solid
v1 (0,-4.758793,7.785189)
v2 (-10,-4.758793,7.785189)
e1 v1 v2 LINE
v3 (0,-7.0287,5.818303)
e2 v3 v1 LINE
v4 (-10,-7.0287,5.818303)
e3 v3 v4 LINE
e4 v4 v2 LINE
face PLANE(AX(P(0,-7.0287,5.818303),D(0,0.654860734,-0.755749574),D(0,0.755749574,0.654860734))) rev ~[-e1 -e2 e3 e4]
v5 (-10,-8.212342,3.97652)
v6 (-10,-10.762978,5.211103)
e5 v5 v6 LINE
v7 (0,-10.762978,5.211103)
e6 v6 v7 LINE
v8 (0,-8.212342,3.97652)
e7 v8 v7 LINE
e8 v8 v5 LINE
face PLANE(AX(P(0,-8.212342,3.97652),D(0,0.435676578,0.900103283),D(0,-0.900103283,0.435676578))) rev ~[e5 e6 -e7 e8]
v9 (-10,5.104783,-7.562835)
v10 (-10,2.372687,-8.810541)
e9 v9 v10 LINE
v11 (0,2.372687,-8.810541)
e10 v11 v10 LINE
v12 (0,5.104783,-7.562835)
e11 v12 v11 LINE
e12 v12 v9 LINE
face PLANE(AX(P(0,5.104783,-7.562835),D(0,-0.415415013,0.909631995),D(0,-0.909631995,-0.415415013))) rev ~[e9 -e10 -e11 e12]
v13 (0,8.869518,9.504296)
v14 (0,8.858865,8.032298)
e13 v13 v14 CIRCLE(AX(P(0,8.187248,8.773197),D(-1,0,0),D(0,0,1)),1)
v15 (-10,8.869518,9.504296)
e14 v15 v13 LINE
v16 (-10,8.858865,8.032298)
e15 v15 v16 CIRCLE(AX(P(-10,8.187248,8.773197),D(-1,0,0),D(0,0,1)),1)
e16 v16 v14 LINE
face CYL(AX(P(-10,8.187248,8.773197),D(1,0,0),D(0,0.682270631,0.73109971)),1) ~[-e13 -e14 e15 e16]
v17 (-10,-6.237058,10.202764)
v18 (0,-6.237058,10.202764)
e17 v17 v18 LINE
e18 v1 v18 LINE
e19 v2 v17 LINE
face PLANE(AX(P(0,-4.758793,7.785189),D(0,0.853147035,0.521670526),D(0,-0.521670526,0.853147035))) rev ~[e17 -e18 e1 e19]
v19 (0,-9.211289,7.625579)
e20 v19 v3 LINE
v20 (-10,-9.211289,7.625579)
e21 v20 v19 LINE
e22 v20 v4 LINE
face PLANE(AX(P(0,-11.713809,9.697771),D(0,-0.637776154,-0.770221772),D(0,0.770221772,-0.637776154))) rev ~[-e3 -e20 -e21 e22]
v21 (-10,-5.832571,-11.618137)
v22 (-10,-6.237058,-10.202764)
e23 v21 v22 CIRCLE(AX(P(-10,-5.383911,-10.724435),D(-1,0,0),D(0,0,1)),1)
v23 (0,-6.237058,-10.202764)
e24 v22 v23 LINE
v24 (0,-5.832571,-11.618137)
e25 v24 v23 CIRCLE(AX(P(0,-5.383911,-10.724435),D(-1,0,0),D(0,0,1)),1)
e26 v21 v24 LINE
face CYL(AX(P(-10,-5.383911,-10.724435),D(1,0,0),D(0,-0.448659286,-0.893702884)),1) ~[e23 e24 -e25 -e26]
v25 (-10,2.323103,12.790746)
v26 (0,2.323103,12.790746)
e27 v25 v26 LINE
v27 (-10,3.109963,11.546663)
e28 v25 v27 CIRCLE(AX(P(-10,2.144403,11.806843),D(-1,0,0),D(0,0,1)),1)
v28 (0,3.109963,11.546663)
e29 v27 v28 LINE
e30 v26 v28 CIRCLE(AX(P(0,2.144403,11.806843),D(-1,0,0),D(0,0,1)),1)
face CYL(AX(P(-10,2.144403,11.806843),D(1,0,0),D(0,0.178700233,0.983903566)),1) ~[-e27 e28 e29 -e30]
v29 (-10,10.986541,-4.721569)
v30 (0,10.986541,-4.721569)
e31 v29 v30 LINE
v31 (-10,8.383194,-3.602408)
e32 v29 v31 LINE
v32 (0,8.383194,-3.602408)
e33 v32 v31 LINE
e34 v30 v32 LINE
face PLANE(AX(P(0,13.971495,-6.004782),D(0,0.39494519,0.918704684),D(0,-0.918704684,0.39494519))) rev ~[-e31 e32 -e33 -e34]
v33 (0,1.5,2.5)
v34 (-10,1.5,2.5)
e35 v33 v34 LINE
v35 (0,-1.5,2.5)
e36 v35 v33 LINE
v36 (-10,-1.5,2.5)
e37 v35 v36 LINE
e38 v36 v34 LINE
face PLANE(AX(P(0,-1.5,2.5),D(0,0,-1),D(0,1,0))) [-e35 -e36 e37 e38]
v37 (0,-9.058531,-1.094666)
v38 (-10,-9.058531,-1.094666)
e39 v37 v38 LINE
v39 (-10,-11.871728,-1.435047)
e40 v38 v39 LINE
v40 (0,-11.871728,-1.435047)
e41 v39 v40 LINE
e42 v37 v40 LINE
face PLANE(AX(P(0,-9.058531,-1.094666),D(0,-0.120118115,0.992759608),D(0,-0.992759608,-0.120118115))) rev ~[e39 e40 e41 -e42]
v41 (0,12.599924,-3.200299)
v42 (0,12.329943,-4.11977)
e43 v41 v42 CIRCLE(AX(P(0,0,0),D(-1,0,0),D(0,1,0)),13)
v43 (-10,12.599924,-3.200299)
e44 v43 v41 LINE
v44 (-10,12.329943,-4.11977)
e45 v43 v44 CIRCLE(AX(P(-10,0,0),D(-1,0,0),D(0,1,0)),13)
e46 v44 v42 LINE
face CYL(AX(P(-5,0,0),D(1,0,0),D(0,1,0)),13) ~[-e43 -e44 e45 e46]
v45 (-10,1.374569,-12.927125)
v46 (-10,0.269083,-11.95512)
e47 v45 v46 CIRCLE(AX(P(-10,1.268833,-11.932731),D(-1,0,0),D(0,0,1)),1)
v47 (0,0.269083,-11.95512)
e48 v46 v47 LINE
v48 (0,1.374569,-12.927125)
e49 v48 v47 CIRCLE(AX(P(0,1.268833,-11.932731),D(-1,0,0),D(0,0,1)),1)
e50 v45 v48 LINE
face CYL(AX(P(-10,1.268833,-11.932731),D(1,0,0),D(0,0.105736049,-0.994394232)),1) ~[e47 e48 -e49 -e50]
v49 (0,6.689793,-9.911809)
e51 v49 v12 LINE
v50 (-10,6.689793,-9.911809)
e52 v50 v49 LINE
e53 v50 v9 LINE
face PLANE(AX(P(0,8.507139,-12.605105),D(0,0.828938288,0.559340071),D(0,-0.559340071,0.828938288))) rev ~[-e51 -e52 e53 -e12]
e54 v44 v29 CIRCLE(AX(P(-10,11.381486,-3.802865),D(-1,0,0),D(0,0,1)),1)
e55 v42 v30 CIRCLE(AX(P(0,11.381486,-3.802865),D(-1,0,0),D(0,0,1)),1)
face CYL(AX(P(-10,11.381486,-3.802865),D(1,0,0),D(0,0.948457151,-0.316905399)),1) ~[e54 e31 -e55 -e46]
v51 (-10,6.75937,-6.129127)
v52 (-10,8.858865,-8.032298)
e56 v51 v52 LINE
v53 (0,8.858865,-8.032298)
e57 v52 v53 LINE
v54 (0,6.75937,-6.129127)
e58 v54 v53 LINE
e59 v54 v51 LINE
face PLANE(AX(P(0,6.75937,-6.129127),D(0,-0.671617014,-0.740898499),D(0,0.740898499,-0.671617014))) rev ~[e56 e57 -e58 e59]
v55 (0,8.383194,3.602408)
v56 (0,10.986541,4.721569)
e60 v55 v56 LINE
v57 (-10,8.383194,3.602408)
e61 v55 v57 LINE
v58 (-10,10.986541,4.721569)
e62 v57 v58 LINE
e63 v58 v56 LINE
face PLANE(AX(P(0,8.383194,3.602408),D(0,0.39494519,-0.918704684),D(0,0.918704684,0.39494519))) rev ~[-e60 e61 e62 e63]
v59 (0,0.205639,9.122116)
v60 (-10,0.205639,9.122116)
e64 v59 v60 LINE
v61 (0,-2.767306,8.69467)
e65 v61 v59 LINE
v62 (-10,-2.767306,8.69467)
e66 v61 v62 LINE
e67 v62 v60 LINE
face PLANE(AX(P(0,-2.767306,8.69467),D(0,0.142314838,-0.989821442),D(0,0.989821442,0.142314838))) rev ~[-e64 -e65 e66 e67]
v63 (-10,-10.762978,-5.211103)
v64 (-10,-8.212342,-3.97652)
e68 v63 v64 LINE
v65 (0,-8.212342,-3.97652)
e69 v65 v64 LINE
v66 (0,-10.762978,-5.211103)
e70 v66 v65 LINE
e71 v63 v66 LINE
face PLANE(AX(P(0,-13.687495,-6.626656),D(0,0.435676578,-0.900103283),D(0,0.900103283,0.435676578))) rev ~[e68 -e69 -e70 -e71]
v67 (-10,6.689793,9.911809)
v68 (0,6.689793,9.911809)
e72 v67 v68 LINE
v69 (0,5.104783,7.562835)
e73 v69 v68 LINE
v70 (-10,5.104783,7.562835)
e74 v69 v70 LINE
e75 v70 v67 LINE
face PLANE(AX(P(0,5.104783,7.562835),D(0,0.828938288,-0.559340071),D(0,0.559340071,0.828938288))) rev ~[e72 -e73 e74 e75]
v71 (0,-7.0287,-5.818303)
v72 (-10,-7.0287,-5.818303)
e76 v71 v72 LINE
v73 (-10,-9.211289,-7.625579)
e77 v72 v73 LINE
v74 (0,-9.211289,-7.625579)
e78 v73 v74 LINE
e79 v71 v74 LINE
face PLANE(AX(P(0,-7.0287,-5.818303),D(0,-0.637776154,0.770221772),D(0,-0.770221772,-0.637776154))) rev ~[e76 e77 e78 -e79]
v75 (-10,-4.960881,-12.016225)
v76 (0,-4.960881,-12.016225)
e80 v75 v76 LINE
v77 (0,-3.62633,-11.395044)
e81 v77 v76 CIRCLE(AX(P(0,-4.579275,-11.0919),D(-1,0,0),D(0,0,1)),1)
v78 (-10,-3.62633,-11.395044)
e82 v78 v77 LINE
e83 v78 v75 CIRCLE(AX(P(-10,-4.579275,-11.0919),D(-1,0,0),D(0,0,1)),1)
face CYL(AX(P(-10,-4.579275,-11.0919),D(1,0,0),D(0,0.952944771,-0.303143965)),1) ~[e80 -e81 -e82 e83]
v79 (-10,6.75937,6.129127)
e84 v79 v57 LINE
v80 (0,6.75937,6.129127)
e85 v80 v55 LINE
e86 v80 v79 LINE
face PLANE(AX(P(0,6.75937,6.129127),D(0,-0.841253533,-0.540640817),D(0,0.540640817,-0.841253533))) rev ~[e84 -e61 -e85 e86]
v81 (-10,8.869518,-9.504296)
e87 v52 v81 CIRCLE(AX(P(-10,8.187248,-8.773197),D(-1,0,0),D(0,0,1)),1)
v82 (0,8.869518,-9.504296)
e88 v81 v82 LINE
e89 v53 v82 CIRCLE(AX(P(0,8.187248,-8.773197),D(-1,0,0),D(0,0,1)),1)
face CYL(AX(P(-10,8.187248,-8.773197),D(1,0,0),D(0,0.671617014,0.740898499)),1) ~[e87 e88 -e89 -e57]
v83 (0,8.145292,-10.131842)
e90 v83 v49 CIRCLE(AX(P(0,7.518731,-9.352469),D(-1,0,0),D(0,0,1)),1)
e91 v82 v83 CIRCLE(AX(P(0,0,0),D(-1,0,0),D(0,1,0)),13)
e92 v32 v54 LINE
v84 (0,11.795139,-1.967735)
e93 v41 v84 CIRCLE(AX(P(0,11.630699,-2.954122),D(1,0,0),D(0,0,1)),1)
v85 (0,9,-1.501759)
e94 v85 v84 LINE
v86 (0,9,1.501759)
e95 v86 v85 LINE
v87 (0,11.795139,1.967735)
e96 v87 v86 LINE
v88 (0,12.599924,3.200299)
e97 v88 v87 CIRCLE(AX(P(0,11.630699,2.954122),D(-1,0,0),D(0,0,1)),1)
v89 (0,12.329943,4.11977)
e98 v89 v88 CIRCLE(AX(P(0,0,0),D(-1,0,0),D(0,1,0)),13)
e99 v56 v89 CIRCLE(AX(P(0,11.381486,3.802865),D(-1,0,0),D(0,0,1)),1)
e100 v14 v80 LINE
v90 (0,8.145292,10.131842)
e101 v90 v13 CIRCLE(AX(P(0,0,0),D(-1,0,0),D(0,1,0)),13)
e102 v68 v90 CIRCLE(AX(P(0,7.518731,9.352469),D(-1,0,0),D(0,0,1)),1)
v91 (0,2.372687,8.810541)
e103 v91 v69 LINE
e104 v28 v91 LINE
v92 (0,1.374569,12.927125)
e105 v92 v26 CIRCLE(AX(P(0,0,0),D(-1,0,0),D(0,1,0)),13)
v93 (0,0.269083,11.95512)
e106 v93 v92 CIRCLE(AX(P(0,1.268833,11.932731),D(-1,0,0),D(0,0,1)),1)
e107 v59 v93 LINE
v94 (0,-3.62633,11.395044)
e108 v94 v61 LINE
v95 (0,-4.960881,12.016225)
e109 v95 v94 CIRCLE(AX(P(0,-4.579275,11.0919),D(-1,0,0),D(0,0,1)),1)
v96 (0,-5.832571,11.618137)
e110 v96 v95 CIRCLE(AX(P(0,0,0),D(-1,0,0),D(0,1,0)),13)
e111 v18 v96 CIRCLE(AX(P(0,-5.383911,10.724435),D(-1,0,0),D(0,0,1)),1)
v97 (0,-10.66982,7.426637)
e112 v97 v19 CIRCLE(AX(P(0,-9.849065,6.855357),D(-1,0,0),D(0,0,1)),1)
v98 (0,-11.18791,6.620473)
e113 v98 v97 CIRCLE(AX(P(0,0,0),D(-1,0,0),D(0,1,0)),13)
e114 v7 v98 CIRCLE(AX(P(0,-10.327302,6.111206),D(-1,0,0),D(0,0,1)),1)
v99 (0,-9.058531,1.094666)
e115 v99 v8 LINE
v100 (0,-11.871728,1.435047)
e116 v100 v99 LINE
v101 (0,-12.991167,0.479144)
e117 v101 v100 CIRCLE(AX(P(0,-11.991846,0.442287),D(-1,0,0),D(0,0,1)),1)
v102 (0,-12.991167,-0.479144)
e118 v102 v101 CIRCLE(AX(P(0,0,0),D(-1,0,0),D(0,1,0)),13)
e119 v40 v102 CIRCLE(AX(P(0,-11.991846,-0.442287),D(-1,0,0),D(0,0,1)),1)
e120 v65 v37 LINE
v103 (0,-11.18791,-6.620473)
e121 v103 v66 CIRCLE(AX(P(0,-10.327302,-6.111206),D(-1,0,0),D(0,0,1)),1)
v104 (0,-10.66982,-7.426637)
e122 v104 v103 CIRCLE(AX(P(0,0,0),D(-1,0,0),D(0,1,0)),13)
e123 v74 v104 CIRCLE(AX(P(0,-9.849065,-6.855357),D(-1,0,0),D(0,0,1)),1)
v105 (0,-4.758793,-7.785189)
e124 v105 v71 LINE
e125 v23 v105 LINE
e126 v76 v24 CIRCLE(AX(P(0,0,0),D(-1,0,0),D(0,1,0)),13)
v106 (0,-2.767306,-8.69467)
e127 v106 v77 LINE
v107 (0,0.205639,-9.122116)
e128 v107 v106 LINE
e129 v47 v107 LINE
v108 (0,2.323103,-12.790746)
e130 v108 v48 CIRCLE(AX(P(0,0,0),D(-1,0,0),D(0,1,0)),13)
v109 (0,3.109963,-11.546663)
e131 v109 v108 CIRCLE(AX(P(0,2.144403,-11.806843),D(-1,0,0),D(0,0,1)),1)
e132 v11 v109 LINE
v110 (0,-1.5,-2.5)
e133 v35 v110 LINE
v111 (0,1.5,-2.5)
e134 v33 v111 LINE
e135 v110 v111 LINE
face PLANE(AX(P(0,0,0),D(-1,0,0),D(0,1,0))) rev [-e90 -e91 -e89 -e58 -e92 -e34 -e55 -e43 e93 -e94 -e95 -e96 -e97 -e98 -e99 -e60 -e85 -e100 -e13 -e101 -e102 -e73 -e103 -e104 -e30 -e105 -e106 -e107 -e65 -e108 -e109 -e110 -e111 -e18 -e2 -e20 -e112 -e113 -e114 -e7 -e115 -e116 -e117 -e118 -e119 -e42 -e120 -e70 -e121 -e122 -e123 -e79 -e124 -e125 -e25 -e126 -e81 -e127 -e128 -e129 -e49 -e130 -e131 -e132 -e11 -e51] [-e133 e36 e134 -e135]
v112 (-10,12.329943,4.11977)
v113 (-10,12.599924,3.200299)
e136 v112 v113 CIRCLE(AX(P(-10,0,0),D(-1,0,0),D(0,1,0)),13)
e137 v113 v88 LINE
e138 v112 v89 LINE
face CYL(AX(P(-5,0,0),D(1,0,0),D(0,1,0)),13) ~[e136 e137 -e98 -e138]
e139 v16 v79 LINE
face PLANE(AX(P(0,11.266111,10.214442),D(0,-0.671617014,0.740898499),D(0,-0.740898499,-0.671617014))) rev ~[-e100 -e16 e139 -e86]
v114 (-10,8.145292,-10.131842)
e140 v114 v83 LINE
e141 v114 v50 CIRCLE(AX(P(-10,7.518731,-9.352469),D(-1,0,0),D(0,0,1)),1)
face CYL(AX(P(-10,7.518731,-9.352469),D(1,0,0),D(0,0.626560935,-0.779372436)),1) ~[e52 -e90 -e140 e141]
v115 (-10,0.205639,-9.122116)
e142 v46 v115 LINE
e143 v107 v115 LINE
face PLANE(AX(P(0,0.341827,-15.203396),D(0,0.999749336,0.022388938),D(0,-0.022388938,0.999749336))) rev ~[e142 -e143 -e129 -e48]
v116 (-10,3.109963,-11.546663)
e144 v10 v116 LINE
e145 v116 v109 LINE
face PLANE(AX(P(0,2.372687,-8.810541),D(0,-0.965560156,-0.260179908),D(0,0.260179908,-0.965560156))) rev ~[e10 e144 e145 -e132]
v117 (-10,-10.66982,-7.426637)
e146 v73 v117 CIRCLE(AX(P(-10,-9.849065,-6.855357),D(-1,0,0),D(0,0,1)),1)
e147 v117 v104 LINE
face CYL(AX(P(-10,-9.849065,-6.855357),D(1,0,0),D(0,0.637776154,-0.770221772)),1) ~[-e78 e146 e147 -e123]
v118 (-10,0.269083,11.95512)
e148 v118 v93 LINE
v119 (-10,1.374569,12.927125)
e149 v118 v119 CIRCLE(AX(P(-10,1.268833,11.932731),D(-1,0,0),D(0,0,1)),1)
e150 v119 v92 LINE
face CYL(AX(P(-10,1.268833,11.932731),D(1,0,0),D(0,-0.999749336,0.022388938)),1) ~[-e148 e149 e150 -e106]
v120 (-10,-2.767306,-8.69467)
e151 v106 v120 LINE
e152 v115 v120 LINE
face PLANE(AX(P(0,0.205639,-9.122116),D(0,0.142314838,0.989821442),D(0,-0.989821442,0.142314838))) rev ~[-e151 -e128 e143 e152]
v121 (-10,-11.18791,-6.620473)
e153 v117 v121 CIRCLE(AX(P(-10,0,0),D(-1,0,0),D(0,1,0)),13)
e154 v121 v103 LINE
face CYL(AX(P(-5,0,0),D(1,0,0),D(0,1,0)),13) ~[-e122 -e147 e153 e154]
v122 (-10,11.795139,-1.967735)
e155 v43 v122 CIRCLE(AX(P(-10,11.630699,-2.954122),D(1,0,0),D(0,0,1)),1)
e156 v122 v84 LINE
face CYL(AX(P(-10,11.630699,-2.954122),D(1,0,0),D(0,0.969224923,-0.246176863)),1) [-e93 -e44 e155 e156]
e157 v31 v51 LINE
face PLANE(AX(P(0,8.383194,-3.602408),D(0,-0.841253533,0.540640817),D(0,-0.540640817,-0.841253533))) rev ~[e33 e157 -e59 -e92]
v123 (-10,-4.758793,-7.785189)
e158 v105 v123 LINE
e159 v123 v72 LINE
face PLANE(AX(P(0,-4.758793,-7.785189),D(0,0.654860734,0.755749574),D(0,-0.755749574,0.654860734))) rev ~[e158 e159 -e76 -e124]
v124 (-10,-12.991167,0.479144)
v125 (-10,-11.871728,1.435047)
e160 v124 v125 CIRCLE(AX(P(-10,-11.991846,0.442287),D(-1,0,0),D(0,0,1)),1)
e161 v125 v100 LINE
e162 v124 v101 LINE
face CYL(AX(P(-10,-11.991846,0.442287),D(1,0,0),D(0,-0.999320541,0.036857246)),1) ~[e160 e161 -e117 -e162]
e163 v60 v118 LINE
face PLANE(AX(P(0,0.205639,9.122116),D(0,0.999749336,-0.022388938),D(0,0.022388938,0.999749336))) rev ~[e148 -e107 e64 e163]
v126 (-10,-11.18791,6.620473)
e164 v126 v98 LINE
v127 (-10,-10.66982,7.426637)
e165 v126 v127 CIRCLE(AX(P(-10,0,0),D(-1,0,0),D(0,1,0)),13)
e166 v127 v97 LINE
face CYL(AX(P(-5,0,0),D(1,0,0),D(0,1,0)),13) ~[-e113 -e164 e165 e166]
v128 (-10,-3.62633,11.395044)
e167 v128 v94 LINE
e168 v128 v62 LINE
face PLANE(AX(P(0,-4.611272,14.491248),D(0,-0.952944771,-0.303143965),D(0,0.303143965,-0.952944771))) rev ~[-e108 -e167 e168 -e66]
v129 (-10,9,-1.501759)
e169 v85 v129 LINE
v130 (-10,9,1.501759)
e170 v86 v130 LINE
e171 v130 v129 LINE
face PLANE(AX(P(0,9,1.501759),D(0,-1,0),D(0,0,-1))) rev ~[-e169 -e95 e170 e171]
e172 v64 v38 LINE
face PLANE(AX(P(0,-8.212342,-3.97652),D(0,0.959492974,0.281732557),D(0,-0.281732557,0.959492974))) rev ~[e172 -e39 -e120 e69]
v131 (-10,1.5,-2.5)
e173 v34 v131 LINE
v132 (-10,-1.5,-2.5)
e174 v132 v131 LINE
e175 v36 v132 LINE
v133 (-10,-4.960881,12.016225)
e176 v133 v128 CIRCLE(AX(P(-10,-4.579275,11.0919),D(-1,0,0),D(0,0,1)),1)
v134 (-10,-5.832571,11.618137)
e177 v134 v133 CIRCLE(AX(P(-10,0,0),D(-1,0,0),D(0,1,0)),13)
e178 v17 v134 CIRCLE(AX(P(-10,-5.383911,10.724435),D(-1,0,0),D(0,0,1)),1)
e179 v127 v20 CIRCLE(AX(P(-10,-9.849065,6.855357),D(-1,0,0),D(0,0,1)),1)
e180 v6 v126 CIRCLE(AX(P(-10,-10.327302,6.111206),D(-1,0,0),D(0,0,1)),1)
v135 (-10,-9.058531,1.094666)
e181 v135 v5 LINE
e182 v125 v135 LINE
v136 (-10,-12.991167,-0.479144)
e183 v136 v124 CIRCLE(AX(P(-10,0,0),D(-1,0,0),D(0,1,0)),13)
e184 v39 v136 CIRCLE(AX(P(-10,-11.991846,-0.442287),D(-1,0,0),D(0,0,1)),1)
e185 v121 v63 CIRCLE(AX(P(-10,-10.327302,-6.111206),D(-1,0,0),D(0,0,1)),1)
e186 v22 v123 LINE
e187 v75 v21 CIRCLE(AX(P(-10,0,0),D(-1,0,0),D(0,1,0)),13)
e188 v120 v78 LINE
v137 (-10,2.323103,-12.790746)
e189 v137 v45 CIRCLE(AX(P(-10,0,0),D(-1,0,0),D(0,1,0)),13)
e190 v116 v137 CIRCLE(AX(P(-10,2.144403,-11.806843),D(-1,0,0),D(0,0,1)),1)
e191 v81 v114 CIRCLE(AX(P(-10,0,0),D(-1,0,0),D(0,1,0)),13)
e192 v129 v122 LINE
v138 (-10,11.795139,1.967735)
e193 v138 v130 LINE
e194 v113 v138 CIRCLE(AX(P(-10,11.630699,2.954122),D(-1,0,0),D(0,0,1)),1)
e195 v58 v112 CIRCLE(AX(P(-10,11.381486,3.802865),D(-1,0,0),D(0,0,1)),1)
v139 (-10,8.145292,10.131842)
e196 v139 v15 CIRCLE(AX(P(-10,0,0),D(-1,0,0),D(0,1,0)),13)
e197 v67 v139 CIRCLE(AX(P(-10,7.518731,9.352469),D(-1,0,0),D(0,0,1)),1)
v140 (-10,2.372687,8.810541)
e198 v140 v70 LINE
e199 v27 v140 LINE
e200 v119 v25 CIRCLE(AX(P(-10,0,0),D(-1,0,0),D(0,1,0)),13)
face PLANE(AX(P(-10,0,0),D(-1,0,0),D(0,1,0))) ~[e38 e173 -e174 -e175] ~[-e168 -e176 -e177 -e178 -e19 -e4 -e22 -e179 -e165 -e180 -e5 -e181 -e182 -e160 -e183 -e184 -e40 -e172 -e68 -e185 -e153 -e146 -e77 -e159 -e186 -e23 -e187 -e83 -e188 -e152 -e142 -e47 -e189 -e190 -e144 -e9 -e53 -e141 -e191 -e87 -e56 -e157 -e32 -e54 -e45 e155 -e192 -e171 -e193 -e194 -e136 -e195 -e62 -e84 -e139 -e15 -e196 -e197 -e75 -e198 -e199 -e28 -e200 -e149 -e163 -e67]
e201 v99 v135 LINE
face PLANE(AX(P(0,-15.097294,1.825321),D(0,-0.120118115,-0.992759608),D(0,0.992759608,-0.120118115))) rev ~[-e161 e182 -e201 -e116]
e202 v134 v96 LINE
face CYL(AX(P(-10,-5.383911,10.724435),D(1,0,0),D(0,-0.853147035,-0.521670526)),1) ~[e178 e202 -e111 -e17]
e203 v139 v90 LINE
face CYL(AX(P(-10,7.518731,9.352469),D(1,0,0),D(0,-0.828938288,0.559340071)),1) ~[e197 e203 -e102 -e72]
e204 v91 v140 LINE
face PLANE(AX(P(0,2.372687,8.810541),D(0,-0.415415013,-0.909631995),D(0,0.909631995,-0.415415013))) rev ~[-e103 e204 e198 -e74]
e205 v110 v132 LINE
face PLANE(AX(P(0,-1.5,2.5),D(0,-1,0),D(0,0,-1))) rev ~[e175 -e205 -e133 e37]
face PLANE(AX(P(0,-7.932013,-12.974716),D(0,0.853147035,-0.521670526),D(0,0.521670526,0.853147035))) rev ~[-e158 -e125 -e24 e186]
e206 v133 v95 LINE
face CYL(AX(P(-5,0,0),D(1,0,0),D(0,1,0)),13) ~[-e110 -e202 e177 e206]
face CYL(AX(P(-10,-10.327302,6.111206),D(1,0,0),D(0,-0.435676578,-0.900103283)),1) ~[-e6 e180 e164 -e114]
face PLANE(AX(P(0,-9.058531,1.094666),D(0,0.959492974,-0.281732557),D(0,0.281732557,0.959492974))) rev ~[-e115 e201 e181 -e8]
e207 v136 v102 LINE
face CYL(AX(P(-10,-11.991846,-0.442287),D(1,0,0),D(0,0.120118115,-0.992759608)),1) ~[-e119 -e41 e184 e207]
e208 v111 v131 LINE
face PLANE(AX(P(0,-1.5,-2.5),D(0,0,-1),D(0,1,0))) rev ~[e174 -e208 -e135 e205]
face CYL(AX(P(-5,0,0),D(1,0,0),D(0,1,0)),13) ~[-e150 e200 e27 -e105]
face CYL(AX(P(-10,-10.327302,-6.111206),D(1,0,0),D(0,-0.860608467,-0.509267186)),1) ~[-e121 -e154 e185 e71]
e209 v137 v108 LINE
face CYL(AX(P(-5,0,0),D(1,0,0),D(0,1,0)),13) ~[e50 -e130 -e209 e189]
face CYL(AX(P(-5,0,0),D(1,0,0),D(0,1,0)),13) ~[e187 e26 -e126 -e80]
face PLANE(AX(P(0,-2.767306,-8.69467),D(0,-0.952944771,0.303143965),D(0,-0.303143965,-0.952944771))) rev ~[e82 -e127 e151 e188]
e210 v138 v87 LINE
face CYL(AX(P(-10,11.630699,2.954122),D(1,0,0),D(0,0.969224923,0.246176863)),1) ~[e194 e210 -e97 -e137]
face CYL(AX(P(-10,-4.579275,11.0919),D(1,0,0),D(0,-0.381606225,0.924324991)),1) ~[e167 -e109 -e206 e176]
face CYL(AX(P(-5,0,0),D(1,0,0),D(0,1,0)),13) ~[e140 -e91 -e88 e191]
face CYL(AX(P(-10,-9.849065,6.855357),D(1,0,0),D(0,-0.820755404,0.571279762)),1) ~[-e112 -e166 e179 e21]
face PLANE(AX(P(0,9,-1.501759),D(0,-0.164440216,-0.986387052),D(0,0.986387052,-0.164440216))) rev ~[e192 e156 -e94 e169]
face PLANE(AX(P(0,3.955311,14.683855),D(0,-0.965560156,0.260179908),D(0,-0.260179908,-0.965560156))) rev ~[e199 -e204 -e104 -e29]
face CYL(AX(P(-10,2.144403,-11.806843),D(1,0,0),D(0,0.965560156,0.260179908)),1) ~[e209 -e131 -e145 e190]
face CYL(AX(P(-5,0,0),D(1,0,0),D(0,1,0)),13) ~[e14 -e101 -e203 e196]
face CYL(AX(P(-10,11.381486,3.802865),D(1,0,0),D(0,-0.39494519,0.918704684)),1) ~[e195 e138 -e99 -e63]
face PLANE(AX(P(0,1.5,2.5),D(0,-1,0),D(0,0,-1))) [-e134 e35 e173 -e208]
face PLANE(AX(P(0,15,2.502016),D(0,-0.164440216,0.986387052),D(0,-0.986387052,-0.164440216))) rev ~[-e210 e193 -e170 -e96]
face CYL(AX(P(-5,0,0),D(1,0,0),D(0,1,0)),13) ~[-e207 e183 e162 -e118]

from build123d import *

# Parameters (mm, degrees)
SKETCH1_W                = 10
SKETCH1_H                = 13
CUT_EXTRUDE1_DEPTH       = 10
SKETCH7_W                = 5
SKETCH7_H                = 3
CUT_EXTRUDE2_DEPTH       = 10
FILLET1_R                = 1
CIRPATTERN1_COUNT        = 11
FILLET1_OF_CIRPATTERN1_R = 1


with BuildPart() as part:
    # Sketch1 → Revolve1 (revolve)
    with BuildSketch(Plane.XY):
        with Locations((-5, 6.5)):
            Rectangle(SKETCH1_W, SKETCH1_H)
    revolve(axis=Axis((-10, 0, 0), (-1, 0, 0)))

    # Sketch6 → Cut-Extrude1 (cut)
    with BuildSketch(Plane(origin=(0, 0, 0), x_dir=(0, 0, -1), z_dir=(1, 0, 0))):
        Polygon((-1.501758676, 9), (1.501758676, 9), (2.502016427, 15), (-2.502016427, 15), align=None)
    cut_extrude1 = extrude(amount=-CUT_EXTRUDE1_DEPTH, mode=Mode.SUBTRACT)

    # Sketch7 → Cut-Extrude2 (cut)
    with BuildSketch(Plane(origin=(0, 0, 0), x_dir=(0, 0, -1), z_dir=(1, 0, 0))):
        Rectangle(SKETCH7_W, SKETCH7_H)
    extrude(amount=-CUT_EXTRUDE2_DEPTH, mode=Mode.SUBTRACT)

    # Fillet1
    fillet1_edges = [part.edges().sort_by_distance(p)[0] for p in [
        (-5, 12.822809052, 2.13905774),
        (-5, 12.822809052, -2.13905774),
    ]]
    fillet(fillet1_edges, radius=FILLET1_R)

    # CirPattern1: Cut-Extrude1 ×11 about axis
    cirpattern1_axis = Axis((0, 0, 0), (1, 0, 0))
    for i in range(1, CIRPATTERN1_COUNT):
        add(cut_extrude1.rotate(cirpattern1_axis, i * 360 / CIRPATTERN1_COUNT), mode=Mode.SUBTRACT)

    # Fillet1 of CirPattern1
    fillet1_of_cirpattern1_edges = [part.edges().sort_by_distance(p)[0] for p in [
        (-5, 9.630771491, 8.732023849),
        (-5, 11.943695341, 5.133044087),
        (-5, 3.381032029, 12.552634083),
        (-5, 7.27254275, 10.775440685),
        (-5, -3.942161213, 12.387871688),
        (-5, 0.29240922, 12.996711001),
        (-5, -10.013746124, 8.290047561),
        (-5, -6.78056217, 11.091617405),
        (-5, -12.906037394, 1.560191908),
        (-5, -11.700752981, 5.665013652),
        (-5, -11.700752981, -5.665013652),
        (-5, -12.906037394, -1.560191908),
        (-5, -6.78056217, -11.091617405),
        (-5, -10.013746124, -8.290047561),
        (-5, 0.29240922, -12.996711001),
        (-5, -3.942161213, -12.387871688),
        (-5, 7.27254275, -10.775440685),
        (-5, 3.381032029, -12.552634083),
        (-5, 11.943695341, -5.133044087),
        (-5, 9.630771491, -8.732023849),
    ]]
    fillet(fillet1_of_cirpattern1_edges, radius=FILLET1_OF_CIRPATTERN1_R)


solid = part.part
